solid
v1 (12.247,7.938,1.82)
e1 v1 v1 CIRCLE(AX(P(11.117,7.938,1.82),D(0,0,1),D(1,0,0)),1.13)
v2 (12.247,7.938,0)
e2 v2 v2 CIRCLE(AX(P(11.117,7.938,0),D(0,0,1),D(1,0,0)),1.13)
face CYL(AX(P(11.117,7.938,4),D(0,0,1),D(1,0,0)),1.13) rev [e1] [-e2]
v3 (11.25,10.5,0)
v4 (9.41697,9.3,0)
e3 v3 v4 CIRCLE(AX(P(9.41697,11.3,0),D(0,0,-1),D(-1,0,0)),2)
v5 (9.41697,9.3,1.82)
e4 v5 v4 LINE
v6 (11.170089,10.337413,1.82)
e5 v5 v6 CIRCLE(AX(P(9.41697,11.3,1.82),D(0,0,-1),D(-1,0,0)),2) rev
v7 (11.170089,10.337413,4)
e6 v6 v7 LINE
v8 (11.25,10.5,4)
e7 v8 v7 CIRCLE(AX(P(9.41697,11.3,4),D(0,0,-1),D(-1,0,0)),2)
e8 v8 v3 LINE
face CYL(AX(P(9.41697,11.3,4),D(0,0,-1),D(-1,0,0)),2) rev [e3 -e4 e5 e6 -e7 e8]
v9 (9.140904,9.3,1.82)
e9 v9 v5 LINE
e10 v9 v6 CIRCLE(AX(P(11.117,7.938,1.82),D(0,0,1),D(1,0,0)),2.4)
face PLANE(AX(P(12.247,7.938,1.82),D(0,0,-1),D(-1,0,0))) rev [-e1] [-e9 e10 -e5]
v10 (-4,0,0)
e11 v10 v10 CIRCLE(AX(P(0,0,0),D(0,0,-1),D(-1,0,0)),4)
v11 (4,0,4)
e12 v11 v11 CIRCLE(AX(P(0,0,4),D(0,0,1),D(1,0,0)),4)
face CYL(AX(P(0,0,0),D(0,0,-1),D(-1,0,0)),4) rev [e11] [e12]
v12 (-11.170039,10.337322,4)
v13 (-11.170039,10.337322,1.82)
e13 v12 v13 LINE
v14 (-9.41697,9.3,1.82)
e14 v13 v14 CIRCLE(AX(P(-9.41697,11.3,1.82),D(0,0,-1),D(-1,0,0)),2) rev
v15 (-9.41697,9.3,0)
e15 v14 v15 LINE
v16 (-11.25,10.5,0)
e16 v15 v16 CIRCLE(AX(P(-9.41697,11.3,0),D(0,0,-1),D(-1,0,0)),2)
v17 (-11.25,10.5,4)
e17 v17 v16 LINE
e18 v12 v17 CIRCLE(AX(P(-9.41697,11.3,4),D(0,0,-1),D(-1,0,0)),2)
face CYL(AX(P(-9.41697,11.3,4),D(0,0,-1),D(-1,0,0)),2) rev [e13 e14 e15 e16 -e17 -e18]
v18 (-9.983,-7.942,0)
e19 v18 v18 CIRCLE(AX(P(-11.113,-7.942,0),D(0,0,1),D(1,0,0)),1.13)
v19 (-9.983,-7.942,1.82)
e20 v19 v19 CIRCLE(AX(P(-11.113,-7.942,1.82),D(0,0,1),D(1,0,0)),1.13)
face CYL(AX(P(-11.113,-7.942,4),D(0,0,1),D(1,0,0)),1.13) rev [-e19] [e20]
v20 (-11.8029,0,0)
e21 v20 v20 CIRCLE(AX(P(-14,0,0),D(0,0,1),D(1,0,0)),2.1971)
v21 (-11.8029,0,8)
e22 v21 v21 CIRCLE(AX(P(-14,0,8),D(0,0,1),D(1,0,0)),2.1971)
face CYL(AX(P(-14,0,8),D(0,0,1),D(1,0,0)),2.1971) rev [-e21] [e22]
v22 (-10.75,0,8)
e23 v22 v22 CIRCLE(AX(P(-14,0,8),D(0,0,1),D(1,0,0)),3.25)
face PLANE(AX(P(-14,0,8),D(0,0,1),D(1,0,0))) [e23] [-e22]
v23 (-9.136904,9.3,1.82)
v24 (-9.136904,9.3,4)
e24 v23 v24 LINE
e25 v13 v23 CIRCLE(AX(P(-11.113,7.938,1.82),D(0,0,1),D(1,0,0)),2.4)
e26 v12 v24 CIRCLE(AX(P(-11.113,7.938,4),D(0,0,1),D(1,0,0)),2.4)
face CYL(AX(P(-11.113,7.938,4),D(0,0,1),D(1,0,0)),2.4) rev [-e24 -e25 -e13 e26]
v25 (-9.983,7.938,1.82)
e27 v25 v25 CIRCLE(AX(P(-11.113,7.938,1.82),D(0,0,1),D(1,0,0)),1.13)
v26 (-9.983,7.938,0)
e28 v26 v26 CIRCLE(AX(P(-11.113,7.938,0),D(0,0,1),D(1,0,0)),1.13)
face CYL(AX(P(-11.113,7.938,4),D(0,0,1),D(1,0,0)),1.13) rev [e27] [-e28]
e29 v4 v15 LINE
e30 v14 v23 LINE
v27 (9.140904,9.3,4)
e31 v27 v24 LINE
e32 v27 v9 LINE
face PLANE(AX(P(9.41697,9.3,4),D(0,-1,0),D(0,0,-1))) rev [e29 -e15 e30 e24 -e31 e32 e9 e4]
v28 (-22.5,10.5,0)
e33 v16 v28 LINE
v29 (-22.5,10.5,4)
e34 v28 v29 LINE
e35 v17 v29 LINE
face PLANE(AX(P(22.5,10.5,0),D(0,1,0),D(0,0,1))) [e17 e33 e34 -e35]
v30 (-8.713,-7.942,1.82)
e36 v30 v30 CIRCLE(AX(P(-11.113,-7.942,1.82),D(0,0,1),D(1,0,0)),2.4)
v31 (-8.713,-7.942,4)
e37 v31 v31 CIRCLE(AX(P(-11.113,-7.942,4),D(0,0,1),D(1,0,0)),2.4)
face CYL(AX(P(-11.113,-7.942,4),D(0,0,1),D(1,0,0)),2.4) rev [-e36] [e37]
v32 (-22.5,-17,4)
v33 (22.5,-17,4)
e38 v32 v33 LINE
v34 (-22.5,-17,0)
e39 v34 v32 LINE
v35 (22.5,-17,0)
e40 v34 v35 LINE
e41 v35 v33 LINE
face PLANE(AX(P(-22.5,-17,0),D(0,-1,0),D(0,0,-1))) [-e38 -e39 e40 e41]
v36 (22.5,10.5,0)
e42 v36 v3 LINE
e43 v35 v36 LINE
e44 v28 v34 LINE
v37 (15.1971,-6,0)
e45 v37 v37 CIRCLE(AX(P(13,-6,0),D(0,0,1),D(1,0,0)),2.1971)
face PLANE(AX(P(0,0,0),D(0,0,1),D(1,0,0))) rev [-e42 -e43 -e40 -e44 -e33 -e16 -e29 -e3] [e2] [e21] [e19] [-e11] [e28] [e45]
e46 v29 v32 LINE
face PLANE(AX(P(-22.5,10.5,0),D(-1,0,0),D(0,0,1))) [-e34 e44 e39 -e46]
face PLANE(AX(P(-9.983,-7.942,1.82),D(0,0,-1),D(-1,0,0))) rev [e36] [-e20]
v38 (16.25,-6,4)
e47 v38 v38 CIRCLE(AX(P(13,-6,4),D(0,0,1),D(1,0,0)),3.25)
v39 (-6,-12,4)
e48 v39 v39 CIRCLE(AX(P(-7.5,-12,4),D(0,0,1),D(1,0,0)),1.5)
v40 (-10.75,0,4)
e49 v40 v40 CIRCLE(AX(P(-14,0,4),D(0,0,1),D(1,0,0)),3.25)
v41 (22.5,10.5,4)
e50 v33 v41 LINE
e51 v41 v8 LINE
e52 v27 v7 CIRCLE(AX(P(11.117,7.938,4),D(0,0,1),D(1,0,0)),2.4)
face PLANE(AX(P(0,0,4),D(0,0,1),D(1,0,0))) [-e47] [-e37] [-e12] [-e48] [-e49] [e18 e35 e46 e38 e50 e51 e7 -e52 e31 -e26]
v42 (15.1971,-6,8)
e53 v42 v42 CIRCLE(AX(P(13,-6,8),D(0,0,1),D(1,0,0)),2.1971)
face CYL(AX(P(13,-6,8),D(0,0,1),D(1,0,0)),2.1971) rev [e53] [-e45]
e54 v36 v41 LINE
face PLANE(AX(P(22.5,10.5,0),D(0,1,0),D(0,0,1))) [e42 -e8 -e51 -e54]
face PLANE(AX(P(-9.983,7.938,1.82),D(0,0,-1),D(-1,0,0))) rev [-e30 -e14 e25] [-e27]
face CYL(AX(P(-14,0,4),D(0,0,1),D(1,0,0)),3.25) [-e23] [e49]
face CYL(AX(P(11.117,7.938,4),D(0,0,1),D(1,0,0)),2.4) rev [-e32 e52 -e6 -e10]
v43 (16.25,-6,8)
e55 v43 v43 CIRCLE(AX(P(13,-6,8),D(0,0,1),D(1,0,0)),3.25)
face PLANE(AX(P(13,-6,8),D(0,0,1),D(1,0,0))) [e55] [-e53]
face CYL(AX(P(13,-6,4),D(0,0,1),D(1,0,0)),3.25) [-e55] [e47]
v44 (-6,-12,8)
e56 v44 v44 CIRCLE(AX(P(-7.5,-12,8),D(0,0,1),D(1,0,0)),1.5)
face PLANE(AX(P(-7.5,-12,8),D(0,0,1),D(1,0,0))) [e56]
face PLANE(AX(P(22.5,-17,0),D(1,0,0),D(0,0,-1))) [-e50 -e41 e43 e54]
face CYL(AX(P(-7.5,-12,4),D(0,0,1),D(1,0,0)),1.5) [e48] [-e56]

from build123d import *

# Parameters (mm, degrees)
SKETCH1_W                                        = 45
SKETCH1_H                                        = 27.5
BOSS_EXTRUDE1_DEPTH                              = 4
CUT_EXTRUDE1_DEPTH                               = 5
SKETCH3_W                                        = 3.25
SKETCH3_H                                        = 4
SKETCH4_W                                        = 1.5
SKETCH4_H                                        = 4
SKETCH5_W                                        = 3.25
SKETCH5_H                                        = 4
F_8_0_8_DIAMETER_HOLE1_D                         = 8
F_8_0_8_DIAMETER_HOLE1_DEPTH                     = 8
CBORE_FOR_M2_HEX_HEAD_MACHINE_SCREW1_D           = 2.26
CBORE_FOR_M2_HEX_HEAD_MACHINE_SCREW1_DEPTH       = 4
CBORE_FOR_M2_HEX_HEAD_MACHINE_SCREW1_CBORE_D     = 4.8
CBORE_FOR_M2_HEX_HEAD_MACHINE_SCREW1_CBORE_DEPTH = 2.18
TAPPED_HOLE_FOR_8_32_HELICOIL1_D                 = 4.3942
TAPPED_HOLE_FOR_8_32_HELICOIL1_DEPTH             = 13.335
TAPPED_HOLE_FOR_8_32_HELICOIL1_TIP               = 1.320150866


with BuildPart() as part:
    # Sketch1 → Boss-Extrude1 (new body)
    with BuildSketch(Plane.XY.offset(4)):
        with Locations((0, -3.25)):
            Rectangle(SKETCH1_W, SKETCH1_H)
    extrude(amount=-BOSS_EXTRUDE1_DEPTH)

    # Sketch2 → Cut-Extrude1 (cut, through all)
    with BuildSketch(Plane(origin=(0, 0, 0), x_dir=(-1, 0, 0), z_dir=(0, 0, -1))):
        with BuildLine():
            Line((-9.416969722, 9.3), (9.416969722, 9.3))
            ThreePointArc((9.416969722, 9.3), (10.512414837, 9.626679947), (11.25, 10.5))
            Line((11.25, 10.5), (-11.25, 10.5))
            ThreePointArc((-11.25, 10.5), (-10.512414837, 9.626679947), (-9.416969722, 9.3))
        make_face()
    extrude(amount=-CUT_EXTRUDE1_DEPTH, mode=Mode.SUBTRACT)

    # Sketch3 → Revolve1 (revolve)
    with BuildSketch(Plane(origin=(0, -6, 0), x_dir=(1, 0, 0), z_dir=(0, 1, 0))):
        with Locations((14.625, -6)):
            Rectangle(SKETCH3_W, SKETCH3_H)
    revolve(axis=Axis((13, -6, 4), (0, 0, 1)))

    # Sketch4 → Revolve2 (revolve)
    with BuildSketch(Plane(origin=(0, -12, 0), x_dir=(1, 0, 0), z_dir=(0, 1, 0))):
        with Locations((-6.75, -6)):
            Rectangle(SKETCH4_W, SKETCH4_H)
    revolve(axis=Axis((-7.5, -12, 4), (0, 0, 1)))

    # Sketch5 → Revolve3 (revolve)
    with BuildSketch(Plane(origin=(0, 0, 0), x_dir=(1, 0, 0), z_dir=(0, 1, 0))):
        with Locations((-12.375, -6)):
            Rectangle(SKETCH5_W, SKETCH5_H)
    revolve(axis=Axis((-14, 0, 4), (0, 0, 1)))

    # Ø8.0 (8) Diameter Hole1
    with Locations(Plane(origin=(0, 0, 0), x_dir=(-1, 0, 0), z_dir=(0, 0, -1))):
        with Locations((0, 0)):
            Hole(F_8_0_8_DIAMETER_HOLE1_D / 2, depth=F_8_0_8_DIAMETER_HOLE1_DEPTH)

    # CBORE for M2 Hex Head Machine Screw1
    with Locations(Plane.XY.offset(4)):
        with Locations((-11.113, -7.942), (-11.113, 7.938), (11.117, 7.938)):
            CounterBoreHole(CBORE_FOR_M2_HEX_HEAD_MACHINE_SCREW1_D / 2, CBORE_FOR_M2_HEX_HEAD_MACHINE_SCREW1_CBORE_D / 2, CBORE_FOR_M2_HEX_HEAD_MACHINE_SCREW1_CBORE_DEPTH, depth=CBORE_FOR_M2_HEX_HEAD_MACHINE_SCREW1_DEPTH)

    # Tapped Hole for #8-32 Helicoil1
    with Locations(Plane.XY.offset(8)):
        with Locations((-14, 0), (13, -6)):
            Hole(TAPPED_HOLE_FOR_8_32_HELICOIL1_D / 2, depth=TAPPED_HOLE_FOR_8_32_HELICOIL1_DEPTH)
            with Locations((0, 0, -(TAPPED_HOLE_FOR_8_32_HELICOIL1_DEPTH + TAPPED_HOLE_FOR_8_32_HELICOIL1_TIP / 2))):  # 118° drill point
                Cone(0, TAPPED_HOLE_FOR_8_32_HELICOIL1_D / 2, TAPPED_HOLE_FOR_8_32_HELICOIL1_TIP, mode=Mode.SUBTRACT)


solid = part.part
